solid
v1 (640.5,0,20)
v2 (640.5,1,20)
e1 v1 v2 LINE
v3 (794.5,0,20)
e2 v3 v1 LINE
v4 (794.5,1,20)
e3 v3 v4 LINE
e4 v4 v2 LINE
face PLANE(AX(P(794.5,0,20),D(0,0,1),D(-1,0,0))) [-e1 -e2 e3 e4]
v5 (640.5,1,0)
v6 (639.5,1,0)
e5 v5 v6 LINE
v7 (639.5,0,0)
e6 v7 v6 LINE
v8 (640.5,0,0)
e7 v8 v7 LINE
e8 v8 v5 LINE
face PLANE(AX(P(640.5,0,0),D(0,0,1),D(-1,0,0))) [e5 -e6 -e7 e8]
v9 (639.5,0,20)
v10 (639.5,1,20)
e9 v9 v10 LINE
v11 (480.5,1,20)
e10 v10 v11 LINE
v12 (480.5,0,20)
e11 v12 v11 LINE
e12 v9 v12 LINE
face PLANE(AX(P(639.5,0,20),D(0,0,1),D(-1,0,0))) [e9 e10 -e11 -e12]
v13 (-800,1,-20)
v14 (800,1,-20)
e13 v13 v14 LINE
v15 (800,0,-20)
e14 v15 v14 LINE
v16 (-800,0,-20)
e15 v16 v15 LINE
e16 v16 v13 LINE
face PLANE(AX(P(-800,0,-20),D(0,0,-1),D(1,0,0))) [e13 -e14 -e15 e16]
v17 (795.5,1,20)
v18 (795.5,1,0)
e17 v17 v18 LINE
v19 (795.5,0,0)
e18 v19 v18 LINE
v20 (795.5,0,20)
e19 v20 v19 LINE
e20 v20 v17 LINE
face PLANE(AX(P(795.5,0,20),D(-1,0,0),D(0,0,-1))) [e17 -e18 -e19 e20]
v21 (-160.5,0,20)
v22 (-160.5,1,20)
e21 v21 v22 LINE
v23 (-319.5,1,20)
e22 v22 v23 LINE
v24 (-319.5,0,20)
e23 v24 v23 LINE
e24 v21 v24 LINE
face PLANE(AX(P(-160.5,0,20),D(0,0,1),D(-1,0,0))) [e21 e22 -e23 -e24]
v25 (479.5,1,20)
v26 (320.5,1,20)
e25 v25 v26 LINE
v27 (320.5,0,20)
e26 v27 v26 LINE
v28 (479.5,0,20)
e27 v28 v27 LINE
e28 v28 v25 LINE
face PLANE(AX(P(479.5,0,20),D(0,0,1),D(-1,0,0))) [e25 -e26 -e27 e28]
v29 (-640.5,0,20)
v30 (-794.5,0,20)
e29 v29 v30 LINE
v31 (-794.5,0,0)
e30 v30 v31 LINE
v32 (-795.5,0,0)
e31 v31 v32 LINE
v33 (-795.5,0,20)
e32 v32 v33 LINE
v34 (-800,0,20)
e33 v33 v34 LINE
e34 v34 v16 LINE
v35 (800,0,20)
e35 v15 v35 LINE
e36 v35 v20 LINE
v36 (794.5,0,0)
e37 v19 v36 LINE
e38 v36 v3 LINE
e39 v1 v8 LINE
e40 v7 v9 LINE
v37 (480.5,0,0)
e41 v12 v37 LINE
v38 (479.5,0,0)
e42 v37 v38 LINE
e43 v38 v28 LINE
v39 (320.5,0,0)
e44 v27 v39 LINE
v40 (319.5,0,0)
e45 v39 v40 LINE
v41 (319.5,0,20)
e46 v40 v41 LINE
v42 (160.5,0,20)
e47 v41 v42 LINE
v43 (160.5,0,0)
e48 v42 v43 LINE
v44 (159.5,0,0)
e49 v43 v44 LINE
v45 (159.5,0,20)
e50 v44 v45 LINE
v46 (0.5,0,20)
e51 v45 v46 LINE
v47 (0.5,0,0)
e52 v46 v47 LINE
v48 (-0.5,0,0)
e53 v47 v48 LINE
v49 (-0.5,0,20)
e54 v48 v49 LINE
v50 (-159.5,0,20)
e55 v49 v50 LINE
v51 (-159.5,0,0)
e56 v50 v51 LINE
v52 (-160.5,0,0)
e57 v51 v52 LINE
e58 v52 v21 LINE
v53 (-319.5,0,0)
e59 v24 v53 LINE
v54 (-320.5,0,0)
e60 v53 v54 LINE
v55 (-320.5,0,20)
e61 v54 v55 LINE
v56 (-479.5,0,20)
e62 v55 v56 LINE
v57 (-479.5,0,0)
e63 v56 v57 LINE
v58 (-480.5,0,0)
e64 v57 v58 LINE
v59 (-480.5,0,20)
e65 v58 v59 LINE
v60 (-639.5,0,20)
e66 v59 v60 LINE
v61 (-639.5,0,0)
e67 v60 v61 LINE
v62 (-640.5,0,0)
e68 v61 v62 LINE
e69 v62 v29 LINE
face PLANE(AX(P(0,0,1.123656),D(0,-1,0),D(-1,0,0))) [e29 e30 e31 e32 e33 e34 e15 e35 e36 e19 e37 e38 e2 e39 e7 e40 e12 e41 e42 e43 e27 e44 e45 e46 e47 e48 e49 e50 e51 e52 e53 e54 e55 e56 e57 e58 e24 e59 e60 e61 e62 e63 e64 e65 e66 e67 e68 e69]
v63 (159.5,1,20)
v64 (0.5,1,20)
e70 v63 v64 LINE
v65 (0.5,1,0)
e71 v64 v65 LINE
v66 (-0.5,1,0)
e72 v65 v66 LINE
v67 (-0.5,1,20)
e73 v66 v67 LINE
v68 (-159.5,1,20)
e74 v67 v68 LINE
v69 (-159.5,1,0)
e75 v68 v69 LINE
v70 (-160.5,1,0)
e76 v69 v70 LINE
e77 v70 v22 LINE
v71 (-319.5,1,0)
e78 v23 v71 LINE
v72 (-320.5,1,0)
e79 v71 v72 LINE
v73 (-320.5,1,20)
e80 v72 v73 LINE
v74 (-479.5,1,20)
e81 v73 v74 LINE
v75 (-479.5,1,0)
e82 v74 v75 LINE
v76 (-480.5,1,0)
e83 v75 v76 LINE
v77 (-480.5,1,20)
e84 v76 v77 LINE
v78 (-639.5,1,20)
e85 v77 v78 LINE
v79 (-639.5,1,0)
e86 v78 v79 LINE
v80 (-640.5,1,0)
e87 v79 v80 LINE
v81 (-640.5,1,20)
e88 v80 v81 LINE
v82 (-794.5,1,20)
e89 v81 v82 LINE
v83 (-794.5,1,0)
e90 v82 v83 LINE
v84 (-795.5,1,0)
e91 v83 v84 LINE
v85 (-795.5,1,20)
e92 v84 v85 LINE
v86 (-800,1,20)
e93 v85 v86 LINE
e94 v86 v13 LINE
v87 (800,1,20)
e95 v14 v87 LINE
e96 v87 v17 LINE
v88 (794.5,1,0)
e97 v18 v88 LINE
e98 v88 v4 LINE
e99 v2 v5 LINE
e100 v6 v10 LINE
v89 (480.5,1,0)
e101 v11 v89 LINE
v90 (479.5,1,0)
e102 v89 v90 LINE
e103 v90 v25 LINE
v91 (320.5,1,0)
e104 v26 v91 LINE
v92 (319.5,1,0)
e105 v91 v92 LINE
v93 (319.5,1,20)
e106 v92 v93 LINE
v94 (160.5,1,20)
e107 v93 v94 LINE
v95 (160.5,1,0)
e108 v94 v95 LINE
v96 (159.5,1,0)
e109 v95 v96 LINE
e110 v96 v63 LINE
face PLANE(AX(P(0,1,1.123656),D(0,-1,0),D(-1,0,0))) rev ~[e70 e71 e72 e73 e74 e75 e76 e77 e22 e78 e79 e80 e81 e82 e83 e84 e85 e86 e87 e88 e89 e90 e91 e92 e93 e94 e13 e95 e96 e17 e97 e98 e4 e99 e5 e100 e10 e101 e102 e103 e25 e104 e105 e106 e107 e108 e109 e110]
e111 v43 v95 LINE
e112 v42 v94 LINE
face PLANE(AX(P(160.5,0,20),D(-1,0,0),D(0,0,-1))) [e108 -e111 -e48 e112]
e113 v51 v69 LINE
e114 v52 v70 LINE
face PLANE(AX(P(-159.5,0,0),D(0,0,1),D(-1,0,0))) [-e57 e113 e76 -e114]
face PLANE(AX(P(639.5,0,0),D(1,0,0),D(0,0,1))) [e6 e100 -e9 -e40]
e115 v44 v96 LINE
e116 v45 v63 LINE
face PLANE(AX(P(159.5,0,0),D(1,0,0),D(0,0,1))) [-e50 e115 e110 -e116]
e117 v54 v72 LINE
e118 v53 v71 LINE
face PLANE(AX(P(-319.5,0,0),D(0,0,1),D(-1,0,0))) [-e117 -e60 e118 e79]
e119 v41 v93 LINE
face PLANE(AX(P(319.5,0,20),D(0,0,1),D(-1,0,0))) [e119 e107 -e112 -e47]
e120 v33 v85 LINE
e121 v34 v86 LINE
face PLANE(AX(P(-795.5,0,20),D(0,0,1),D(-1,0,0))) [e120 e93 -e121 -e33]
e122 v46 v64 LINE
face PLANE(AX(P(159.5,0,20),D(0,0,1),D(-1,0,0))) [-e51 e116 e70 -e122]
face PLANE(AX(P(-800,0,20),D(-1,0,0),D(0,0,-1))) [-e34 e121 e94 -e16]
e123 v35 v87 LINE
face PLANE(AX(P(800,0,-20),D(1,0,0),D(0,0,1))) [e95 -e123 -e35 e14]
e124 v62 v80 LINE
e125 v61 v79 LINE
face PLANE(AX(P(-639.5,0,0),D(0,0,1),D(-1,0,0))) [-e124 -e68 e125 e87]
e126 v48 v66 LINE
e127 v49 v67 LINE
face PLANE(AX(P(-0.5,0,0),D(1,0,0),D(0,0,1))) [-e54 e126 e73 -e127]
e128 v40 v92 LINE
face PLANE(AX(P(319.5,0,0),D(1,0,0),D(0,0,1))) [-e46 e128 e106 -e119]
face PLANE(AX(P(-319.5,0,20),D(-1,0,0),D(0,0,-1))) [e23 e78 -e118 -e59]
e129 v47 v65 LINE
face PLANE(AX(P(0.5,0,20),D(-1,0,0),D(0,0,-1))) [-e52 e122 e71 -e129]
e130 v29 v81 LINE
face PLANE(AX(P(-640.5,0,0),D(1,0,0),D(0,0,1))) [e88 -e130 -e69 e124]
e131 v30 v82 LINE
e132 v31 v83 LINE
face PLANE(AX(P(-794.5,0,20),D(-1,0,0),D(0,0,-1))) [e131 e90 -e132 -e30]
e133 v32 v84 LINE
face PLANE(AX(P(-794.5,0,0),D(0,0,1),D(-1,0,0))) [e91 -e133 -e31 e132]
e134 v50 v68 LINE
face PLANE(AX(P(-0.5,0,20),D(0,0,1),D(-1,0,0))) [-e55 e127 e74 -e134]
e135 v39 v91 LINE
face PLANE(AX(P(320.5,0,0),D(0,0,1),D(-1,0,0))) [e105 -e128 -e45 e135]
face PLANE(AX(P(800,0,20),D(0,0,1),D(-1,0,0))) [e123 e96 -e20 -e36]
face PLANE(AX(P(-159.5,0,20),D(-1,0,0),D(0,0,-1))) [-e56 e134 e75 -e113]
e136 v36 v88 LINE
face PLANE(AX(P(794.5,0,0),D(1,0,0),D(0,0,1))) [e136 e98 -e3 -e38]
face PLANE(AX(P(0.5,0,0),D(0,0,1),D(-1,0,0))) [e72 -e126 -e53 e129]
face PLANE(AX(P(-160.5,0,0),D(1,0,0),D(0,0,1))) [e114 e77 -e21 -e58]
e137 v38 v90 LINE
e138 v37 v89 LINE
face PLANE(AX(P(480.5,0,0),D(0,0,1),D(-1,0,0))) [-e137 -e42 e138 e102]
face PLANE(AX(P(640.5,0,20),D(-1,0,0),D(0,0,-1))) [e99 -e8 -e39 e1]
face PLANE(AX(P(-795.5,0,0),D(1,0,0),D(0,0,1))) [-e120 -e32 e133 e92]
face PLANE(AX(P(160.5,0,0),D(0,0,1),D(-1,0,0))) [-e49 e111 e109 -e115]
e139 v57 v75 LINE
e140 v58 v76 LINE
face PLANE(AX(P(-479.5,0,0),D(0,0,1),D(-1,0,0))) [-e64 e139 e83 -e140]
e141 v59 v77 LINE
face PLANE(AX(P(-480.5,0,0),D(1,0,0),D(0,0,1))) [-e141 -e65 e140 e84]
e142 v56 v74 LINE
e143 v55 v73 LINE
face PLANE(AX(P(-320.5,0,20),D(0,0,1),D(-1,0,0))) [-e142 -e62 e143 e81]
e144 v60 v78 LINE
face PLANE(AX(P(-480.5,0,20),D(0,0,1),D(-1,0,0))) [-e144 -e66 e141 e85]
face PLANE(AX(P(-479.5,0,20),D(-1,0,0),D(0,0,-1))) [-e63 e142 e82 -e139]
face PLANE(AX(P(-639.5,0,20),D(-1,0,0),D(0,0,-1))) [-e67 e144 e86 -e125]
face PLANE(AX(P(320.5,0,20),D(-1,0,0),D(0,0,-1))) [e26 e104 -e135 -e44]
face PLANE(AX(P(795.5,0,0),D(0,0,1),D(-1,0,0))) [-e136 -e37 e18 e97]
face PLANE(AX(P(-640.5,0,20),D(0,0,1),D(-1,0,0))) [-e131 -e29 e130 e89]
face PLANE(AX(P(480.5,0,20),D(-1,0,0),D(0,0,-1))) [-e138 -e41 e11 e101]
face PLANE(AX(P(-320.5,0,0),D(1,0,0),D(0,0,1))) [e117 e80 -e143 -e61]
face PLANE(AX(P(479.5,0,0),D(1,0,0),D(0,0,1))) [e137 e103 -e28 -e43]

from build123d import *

# Parameters (mm, degrees)
BOSS_EXTRUDE1_DEPTH = 1


with BuildPart() as part:
    # Sketch1 → Boss-Extrude1 (new body)
    with BuildSketch(Plane(origin=(0, 0, 0), x_dir=(1, 0, 0), z_dir=(0, 1, 0))):
        Polygon((-800, 20), (800, 20), (800, -20), (795.5, -20), (795.5, 0), (794.5, 0), (794.5, -20), (640.5, -20), (640.5, 0), (639.5, 0), (639.5, -20), (480.5, -20), (480.5, 0), (479.5, 0), (479.5, -20), (320.5, -20), (320.5, 0), (319.5, 0), (319.5, -20), (160.5, -20), (160.5, 0), (159.5, 0), (159.5, -20), (0.5, -20), (0.5, 0), (-0.5, 0), (-0.5, -20), (-159.5, -20), (-159.5, 0), (-160.5, 0), (-160.5, -20), (-319.5, -20), (-319.5, 0), (-320.5, 0), (-320.5, -20), (-479.5, -20), (-479.5, 0), (-480.5, 0), (-480.5, -20), (-639.5, -20), (-639.5, 0), (-640.5, 0), (-640.5, -20), (-794.5, -20), (-794.5, 0), (-795.5, 0), (-795.5, -20), (-800, -20), align=None)
    extrude(amount=BOSS_EXTRUDE1_DEPTH)


solid = part.part
